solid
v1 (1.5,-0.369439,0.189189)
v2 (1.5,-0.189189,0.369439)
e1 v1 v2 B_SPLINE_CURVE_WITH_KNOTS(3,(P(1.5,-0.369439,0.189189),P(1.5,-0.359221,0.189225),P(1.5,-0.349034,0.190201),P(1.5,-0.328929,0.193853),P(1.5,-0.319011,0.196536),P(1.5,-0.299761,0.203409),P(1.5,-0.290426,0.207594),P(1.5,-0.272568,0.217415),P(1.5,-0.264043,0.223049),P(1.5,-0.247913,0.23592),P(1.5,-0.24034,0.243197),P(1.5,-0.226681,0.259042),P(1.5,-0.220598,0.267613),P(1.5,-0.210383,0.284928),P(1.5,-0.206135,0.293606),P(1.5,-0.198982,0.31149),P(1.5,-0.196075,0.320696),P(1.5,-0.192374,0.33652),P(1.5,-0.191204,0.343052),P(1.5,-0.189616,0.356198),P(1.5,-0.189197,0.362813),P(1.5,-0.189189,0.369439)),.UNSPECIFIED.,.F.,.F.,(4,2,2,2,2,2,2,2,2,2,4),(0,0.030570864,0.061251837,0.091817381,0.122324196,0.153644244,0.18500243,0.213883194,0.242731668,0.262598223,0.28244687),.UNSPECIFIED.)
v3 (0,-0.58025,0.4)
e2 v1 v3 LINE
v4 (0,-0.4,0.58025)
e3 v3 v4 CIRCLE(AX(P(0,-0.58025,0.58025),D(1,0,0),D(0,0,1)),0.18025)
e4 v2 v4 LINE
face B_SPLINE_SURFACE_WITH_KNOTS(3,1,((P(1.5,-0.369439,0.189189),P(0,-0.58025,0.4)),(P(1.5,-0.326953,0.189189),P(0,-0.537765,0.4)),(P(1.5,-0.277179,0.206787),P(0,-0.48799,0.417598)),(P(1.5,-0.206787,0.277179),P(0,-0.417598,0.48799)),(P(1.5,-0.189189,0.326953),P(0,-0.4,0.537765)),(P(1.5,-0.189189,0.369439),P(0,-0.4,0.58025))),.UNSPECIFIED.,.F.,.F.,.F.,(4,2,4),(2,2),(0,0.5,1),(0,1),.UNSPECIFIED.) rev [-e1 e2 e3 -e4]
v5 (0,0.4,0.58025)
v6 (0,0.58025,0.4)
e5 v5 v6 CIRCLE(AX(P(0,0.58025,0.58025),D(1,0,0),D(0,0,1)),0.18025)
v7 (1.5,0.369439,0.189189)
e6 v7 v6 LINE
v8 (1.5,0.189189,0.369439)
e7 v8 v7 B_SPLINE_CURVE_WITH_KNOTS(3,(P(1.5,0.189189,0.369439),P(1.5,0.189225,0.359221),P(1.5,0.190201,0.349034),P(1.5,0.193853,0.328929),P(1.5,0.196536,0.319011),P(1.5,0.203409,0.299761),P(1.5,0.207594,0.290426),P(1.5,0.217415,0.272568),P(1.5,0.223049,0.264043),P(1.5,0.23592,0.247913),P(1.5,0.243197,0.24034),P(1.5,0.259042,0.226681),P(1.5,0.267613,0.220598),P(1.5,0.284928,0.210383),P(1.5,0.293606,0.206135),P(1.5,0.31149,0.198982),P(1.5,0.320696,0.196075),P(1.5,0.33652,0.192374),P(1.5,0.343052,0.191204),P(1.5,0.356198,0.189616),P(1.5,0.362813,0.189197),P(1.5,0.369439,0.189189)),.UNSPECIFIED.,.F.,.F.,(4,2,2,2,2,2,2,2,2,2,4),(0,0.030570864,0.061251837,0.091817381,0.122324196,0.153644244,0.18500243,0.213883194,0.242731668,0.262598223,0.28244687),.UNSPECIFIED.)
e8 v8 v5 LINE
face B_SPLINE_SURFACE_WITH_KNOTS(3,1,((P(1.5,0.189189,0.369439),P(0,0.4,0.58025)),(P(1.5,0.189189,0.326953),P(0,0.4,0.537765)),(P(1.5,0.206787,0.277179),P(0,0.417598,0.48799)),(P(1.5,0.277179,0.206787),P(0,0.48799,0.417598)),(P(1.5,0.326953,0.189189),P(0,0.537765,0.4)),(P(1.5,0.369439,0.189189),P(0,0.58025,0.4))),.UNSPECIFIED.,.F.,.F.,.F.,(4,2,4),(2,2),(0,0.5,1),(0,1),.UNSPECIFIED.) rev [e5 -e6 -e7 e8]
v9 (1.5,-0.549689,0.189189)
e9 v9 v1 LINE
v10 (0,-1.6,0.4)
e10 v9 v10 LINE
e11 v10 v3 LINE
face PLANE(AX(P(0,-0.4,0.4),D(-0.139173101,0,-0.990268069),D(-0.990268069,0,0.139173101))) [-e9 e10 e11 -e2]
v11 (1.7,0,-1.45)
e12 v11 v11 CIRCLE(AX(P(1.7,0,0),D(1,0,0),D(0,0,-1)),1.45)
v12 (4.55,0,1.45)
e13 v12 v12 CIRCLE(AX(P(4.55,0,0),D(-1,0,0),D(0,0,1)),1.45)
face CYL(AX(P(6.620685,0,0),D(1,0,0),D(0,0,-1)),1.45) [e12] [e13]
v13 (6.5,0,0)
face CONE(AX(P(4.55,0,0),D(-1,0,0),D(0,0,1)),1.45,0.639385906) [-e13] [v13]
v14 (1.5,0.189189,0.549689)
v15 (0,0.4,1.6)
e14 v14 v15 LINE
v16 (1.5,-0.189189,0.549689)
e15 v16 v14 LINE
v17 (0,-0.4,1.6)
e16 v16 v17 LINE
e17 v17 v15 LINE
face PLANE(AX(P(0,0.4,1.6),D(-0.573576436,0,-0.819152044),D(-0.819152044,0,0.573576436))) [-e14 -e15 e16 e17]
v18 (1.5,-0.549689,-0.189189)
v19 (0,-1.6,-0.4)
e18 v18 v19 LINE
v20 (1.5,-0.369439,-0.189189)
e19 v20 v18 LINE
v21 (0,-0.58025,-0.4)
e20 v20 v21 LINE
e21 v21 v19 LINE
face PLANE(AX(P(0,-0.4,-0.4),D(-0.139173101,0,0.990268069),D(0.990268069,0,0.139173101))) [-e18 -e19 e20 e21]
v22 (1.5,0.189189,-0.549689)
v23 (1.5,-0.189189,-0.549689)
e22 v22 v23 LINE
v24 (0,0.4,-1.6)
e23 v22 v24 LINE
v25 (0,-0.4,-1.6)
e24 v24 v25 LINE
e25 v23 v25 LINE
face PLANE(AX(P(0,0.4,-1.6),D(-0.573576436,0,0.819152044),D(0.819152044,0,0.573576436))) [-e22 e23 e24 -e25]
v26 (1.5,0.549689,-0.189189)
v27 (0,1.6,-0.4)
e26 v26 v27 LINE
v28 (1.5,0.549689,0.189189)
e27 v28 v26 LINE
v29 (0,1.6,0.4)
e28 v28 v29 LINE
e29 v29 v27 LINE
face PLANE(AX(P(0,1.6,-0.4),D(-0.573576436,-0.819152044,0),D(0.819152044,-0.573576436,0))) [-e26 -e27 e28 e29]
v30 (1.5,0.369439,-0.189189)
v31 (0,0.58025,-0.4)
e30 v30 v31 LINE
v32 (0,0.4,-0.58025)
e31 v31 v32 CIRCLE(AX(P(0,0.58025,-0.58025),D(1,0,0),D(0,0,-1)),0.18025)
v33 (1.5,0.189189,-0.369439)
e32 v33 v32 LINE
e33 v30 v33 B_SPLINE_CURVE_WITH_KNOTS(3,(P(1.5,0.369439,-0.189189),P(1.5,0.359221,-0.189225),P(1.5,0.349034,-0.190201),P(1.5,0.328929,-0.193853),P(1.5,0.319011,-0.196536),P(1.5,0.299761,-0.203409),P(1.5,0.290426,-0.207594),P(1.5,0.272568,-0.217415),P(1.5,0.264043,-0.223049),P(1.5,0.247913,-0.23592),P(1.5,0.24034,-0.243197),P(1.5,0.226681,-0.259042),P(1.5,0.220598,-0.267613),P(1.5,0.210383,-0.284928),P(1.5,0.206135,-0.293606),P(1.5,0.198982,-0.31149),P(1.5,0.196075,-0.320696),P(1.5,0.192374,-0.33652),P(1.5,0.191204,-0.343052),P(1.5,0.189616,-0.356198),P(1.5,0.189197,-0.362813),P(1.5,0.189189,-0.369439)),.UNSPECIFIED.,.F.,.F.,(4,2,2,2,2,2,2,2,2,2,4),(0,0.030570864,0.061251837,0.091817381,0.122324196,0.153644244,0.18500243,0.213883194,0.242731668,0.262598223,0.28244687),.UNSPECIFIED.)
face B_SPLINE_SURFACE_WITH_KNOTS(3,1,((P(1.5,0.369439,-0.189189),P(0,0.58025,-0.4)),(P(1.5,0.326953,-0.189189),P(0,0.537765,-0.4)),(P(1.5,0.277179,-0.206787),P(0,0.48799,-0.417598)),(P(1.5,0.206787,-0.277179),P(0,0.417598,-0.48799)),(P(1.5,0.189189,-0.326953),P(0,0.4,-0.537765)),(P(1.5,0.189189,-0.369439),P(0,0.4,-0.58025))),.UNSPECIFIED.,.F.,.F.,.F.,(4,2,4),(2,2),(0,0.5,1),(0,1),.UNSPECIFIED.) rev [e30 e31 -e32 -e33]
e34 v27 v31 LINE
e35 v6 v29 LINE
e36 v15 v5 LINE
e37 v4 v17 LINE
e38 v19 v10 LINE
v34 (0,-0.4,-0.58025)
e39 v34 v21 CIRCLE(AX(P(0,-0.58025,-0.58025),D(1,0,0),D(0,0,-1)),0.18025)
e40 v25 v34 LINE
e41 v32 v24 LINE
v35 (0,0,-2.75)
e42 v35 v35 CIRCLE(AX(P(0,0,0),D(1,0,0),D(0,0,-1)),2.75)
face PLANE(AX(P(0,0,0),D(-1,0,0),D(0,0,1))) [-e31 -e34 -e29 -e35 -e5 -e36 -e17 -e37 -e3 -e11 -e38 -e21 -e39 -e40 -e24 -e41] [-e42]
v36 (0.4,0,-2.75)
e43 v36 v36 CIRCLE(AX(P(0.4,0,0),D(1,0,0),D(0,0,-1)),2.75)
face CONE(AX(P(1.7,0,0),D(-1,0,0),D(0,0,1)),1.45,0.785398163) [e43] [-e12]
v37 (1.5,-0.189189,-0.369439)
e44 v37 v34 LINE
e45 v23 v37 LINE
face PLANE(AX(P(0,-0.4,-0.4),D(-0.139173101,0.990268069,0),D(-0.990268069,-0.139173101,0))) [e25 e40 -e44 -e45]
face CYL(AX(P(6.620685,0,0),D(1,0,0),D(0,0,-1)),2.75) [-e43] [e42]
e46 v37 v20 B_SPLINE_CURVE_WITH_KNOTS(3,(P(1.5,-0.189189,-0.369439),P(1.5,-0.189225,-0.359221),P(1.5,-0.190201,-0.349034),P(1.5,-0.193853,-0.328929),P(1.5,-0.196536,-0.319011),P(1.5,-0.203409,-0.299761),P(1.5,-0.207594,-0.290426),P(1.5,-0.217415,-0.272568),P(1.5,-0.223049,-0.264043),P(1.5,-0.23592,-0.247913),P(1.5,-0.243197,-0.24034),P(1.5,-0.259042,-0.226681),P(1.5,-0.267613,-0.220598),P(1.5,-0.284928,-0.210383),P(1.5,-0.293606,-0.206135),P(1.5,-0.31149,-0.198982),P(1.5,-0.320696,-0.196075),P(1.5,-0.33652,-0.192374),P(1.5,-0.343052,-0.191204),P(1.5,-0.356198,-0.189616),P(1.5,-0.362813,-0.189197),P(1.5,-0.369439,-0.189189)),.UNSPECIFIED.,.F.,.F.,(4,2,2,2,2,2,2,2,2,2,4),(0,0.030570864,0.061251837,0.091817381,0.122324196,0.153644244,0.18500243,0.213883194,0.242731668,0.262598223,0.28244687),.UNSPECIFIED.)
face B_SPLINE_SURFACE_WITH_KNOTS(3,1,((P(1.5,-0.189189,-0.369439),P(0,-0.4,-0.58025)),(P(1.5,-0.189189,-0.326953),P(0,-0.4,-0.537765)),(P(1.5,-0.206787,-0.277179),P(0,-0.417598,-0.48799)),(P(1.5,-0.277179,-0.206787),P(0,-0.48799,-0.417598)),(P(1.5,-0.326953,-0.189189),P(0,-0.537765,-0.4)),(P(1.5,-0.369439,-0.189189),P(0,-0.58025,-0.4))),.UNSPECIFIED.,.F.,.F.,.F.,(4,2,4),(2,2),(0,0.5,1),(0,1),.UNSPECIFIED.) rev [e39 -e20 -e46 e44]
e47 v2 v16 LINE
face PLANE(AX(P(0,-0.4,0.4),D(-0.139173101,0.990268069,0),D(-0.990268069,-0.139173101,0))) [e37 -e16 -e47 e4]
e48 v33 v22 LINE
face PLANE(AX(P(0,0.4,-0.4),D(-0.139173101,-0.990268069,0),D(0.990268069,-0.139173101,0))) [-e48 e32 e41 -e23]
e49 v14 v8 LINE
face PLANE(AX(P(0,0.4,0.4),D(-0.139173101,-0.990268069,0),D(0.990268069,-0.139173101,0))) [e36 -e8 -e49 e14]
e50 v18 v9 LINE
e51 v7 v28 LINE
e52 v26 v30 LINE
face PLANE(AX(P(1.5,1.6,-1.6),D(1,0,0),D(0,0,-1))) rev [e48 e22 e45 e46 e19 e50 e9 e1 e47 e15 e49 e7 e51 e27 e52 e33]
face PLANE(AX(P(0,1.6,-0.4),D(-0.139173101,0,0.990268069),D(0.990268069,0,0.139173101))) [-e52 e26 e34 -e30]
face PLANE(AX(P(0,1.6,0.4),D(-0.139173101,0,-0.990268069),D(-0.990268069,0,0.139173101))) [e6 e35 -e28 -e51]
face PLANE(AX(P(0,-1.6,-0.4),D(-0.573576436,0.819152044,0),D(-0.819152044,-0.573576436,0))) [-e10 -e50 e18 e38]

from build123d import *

# Parameters (mm, degrees)
CHAMFER1_SIZE      = 0.29
CHAMFER1_SIZE2     = 0.502294734
CUT_EXTRUDE1_DEPTH = 1.5
DRAFT1_ANGLE       = 35
DRAFT2_ANGLE       = 8


with BuildPart() as part:
    # Sketch1 → Revolve1 (revolve)
    with BuildSketch(Plane.XY, mode=Mode.PRIVATE) as revolve1_sk:
        Polygon((0, 2.75), (0.4, 2.75), (1.7, 1.45), (6.5, 1.45), (6.5, 0), (0, 0), align=None)
    revolve(revolve1_sk.sketch.rotate(Axis((6.620684694, 0, 0), (-1, 0, 0)), 90), axis=Axis((6.620684694, 0, 0), (-1, 0, 0)))

    # Chamfer1
    chamfer1_edges = [part.edges().sort_by_distance(p)[0] for p in [
        (6.5, 0, 1.45),
    ]]
    chamfer1_side = [part.faces().sort_by_distance(p)[0] for p in [
        (6.5, 0, 0),
    ]]
    chamfer(chamfer1_edges, length=CHAMFER1_SIZE, length2=CHAMFER1_SIZE2, reference=chamfer1_side[0])

    # Sketch3 → EndCone (revolve, cut)
    with BuildSketch(Plane.XY, mode=Mode.PRIVATE) as endcone_sk:
        Polygon((4.55, 1.45), (6.5, 1.45), (6.7, 1.45), (6.7, 0), (6.5, 0), align=None)
    revolve(endcone_sk.sketch.rotate(Axis((2.9, 0, 0), (1, 0, 0)), 270), axis=Axis((2.9, 0, 0), (1, 0, 0)), mode=Mode.SUBTRACT)

    # Sketch4 → Cut-Extrude1 (cut)
    with BuildSketch(Plane.ZY):
        Polygon((-0.4, 1.6), (-0.4, 0.4), (-1.6, 0.4), (-1.6, -0.4), (-0.4, -0.4), (-0.4, -1.6), (0.4, -1.6), (0.4, -0.4), (1.6, -0.4), (1.6, 0.4), (0.4, 0.4), (0.4, 1.6), align=None)
    extrude(amount=-CUT_EXTRUDE1_DEPTH, mode=Mode.SUBTRACT)

    # Draft1
    draft1_faces = [part.faces().sort_by_distance(p)[0] for p in [
        (0.75, 0, 1.6),
        (0.75, 1.6, 0),
        (0.75, 0, -1.6),
        (0.75, -1.6, 0),
    ]]
    draft(draft1_faces, Plane(origin=(0, 0, 0), x_dir=(0, 0, -1), z_dir=(-1, 0, 0)), DRAFT1_ANGLE)

    # Draft2
    draft2_faces = [part.faces().sort_by_distance(p)[0] for p in [
        (0.555453044, -0.805533796, -0.4),
        (0.555453044, -0.4, -0.805533796),
        (0.555453044, -0.4, 0.805533796),
        (0.555453044, -0.805533796, 0.4),
        (0.555453044, 0.805533796, 0.4),
        (0.555453044, 0.4, 0.805533796),
        (0.555453044, 0.4, -0.805533796),
        (0.555453044, 0.805533796, -0.4),
    ]]
    draft(draft2_faces, Plane(origin=(0, 0, 0), x_dir=(0, 0, -1), z_dir=(-1, 0, 0)), DRAFT2_ANGLE)

    # Sketch6 for Cut-Loft1 → Cut-Loft1 section 0
    with BuildSketch(Plane.ZY.offset(-1.5)):
        with BuildLine():
            Line((-0.36943872, 0.189188748), (-0.36943872, -0.189188748))
            # circular arc as an exact rational Bezier (weights 1, cos(half-angle), 1)
            Bezier((-0.36943872, -0.189188748), (-0.189188748, -0.189188748), (-0.189188748, -0.36943872), weights=[1, 0.707106781, 1])
            Line((-0.189188748, -0.36943872), (0.189188748, -0.36943872))
            Bezier((0.189188748, -0.36943872), (0.189188748, -0.189188748), (0.36943872, -0.189188748), weights=[1, 0.707106781, 1])
            Line((0.36943872, -0.189188748), (0.36943872, 0.189188748))
            Bezier((0.36943872, 0.189188748), (0.189188748, 0.189188748), (0.189188748, 0.36943872), weights=[1, 0.707106781, 1])
            Line((0.189188748, 0.36943872), (-0.189188748, 0.36943872))
            Bezier((-0.189188748, 0.36943872), (-0.189188748, 0.189188748), (-0.36943872, 0.189188748), weights=[1, 0.707106781, 1])
        make_face()
    # Sketch7 for Cut-Loft1 → Cut-Loft1 section 1
    with BuildSketch(Plane.ZY):
        with BuildLine():
            Line((0.580249972, 0.4), (0.580249972, -0.4))
            Bezier((0.580249972, -0.4), (0.4, -0.4), (0.4, -0.580249972), weights=[1, 0.707106781, 1])
            Line((0.4, -0.580249972), (-0.4, -0.580249972))
            Bezier((-0.4, -0.580249972), (-0.4, -0.4), (-0.580249972, -0.4), weights=[1, 0.707106781, 1])
            Line((-0.580249972, -0.4), (-0.580249972, 0.4))
            Bezier((-0.580249972, 0.4), (-0.4, 0.4), (-0.4, 0.580249972), weights=[1, 0.707106781, 1])
            Line((-0.4, 0.580249972), (0.4, 0.580249972))
            Bezier((0.4, 0.580249972), (0.4, 0.4), (0.580249972, 0.4), weights=[1, 0.707106781, 1])
        make_face()
    loft(mode=Mode.SUBTRACT)


solid = part.part
